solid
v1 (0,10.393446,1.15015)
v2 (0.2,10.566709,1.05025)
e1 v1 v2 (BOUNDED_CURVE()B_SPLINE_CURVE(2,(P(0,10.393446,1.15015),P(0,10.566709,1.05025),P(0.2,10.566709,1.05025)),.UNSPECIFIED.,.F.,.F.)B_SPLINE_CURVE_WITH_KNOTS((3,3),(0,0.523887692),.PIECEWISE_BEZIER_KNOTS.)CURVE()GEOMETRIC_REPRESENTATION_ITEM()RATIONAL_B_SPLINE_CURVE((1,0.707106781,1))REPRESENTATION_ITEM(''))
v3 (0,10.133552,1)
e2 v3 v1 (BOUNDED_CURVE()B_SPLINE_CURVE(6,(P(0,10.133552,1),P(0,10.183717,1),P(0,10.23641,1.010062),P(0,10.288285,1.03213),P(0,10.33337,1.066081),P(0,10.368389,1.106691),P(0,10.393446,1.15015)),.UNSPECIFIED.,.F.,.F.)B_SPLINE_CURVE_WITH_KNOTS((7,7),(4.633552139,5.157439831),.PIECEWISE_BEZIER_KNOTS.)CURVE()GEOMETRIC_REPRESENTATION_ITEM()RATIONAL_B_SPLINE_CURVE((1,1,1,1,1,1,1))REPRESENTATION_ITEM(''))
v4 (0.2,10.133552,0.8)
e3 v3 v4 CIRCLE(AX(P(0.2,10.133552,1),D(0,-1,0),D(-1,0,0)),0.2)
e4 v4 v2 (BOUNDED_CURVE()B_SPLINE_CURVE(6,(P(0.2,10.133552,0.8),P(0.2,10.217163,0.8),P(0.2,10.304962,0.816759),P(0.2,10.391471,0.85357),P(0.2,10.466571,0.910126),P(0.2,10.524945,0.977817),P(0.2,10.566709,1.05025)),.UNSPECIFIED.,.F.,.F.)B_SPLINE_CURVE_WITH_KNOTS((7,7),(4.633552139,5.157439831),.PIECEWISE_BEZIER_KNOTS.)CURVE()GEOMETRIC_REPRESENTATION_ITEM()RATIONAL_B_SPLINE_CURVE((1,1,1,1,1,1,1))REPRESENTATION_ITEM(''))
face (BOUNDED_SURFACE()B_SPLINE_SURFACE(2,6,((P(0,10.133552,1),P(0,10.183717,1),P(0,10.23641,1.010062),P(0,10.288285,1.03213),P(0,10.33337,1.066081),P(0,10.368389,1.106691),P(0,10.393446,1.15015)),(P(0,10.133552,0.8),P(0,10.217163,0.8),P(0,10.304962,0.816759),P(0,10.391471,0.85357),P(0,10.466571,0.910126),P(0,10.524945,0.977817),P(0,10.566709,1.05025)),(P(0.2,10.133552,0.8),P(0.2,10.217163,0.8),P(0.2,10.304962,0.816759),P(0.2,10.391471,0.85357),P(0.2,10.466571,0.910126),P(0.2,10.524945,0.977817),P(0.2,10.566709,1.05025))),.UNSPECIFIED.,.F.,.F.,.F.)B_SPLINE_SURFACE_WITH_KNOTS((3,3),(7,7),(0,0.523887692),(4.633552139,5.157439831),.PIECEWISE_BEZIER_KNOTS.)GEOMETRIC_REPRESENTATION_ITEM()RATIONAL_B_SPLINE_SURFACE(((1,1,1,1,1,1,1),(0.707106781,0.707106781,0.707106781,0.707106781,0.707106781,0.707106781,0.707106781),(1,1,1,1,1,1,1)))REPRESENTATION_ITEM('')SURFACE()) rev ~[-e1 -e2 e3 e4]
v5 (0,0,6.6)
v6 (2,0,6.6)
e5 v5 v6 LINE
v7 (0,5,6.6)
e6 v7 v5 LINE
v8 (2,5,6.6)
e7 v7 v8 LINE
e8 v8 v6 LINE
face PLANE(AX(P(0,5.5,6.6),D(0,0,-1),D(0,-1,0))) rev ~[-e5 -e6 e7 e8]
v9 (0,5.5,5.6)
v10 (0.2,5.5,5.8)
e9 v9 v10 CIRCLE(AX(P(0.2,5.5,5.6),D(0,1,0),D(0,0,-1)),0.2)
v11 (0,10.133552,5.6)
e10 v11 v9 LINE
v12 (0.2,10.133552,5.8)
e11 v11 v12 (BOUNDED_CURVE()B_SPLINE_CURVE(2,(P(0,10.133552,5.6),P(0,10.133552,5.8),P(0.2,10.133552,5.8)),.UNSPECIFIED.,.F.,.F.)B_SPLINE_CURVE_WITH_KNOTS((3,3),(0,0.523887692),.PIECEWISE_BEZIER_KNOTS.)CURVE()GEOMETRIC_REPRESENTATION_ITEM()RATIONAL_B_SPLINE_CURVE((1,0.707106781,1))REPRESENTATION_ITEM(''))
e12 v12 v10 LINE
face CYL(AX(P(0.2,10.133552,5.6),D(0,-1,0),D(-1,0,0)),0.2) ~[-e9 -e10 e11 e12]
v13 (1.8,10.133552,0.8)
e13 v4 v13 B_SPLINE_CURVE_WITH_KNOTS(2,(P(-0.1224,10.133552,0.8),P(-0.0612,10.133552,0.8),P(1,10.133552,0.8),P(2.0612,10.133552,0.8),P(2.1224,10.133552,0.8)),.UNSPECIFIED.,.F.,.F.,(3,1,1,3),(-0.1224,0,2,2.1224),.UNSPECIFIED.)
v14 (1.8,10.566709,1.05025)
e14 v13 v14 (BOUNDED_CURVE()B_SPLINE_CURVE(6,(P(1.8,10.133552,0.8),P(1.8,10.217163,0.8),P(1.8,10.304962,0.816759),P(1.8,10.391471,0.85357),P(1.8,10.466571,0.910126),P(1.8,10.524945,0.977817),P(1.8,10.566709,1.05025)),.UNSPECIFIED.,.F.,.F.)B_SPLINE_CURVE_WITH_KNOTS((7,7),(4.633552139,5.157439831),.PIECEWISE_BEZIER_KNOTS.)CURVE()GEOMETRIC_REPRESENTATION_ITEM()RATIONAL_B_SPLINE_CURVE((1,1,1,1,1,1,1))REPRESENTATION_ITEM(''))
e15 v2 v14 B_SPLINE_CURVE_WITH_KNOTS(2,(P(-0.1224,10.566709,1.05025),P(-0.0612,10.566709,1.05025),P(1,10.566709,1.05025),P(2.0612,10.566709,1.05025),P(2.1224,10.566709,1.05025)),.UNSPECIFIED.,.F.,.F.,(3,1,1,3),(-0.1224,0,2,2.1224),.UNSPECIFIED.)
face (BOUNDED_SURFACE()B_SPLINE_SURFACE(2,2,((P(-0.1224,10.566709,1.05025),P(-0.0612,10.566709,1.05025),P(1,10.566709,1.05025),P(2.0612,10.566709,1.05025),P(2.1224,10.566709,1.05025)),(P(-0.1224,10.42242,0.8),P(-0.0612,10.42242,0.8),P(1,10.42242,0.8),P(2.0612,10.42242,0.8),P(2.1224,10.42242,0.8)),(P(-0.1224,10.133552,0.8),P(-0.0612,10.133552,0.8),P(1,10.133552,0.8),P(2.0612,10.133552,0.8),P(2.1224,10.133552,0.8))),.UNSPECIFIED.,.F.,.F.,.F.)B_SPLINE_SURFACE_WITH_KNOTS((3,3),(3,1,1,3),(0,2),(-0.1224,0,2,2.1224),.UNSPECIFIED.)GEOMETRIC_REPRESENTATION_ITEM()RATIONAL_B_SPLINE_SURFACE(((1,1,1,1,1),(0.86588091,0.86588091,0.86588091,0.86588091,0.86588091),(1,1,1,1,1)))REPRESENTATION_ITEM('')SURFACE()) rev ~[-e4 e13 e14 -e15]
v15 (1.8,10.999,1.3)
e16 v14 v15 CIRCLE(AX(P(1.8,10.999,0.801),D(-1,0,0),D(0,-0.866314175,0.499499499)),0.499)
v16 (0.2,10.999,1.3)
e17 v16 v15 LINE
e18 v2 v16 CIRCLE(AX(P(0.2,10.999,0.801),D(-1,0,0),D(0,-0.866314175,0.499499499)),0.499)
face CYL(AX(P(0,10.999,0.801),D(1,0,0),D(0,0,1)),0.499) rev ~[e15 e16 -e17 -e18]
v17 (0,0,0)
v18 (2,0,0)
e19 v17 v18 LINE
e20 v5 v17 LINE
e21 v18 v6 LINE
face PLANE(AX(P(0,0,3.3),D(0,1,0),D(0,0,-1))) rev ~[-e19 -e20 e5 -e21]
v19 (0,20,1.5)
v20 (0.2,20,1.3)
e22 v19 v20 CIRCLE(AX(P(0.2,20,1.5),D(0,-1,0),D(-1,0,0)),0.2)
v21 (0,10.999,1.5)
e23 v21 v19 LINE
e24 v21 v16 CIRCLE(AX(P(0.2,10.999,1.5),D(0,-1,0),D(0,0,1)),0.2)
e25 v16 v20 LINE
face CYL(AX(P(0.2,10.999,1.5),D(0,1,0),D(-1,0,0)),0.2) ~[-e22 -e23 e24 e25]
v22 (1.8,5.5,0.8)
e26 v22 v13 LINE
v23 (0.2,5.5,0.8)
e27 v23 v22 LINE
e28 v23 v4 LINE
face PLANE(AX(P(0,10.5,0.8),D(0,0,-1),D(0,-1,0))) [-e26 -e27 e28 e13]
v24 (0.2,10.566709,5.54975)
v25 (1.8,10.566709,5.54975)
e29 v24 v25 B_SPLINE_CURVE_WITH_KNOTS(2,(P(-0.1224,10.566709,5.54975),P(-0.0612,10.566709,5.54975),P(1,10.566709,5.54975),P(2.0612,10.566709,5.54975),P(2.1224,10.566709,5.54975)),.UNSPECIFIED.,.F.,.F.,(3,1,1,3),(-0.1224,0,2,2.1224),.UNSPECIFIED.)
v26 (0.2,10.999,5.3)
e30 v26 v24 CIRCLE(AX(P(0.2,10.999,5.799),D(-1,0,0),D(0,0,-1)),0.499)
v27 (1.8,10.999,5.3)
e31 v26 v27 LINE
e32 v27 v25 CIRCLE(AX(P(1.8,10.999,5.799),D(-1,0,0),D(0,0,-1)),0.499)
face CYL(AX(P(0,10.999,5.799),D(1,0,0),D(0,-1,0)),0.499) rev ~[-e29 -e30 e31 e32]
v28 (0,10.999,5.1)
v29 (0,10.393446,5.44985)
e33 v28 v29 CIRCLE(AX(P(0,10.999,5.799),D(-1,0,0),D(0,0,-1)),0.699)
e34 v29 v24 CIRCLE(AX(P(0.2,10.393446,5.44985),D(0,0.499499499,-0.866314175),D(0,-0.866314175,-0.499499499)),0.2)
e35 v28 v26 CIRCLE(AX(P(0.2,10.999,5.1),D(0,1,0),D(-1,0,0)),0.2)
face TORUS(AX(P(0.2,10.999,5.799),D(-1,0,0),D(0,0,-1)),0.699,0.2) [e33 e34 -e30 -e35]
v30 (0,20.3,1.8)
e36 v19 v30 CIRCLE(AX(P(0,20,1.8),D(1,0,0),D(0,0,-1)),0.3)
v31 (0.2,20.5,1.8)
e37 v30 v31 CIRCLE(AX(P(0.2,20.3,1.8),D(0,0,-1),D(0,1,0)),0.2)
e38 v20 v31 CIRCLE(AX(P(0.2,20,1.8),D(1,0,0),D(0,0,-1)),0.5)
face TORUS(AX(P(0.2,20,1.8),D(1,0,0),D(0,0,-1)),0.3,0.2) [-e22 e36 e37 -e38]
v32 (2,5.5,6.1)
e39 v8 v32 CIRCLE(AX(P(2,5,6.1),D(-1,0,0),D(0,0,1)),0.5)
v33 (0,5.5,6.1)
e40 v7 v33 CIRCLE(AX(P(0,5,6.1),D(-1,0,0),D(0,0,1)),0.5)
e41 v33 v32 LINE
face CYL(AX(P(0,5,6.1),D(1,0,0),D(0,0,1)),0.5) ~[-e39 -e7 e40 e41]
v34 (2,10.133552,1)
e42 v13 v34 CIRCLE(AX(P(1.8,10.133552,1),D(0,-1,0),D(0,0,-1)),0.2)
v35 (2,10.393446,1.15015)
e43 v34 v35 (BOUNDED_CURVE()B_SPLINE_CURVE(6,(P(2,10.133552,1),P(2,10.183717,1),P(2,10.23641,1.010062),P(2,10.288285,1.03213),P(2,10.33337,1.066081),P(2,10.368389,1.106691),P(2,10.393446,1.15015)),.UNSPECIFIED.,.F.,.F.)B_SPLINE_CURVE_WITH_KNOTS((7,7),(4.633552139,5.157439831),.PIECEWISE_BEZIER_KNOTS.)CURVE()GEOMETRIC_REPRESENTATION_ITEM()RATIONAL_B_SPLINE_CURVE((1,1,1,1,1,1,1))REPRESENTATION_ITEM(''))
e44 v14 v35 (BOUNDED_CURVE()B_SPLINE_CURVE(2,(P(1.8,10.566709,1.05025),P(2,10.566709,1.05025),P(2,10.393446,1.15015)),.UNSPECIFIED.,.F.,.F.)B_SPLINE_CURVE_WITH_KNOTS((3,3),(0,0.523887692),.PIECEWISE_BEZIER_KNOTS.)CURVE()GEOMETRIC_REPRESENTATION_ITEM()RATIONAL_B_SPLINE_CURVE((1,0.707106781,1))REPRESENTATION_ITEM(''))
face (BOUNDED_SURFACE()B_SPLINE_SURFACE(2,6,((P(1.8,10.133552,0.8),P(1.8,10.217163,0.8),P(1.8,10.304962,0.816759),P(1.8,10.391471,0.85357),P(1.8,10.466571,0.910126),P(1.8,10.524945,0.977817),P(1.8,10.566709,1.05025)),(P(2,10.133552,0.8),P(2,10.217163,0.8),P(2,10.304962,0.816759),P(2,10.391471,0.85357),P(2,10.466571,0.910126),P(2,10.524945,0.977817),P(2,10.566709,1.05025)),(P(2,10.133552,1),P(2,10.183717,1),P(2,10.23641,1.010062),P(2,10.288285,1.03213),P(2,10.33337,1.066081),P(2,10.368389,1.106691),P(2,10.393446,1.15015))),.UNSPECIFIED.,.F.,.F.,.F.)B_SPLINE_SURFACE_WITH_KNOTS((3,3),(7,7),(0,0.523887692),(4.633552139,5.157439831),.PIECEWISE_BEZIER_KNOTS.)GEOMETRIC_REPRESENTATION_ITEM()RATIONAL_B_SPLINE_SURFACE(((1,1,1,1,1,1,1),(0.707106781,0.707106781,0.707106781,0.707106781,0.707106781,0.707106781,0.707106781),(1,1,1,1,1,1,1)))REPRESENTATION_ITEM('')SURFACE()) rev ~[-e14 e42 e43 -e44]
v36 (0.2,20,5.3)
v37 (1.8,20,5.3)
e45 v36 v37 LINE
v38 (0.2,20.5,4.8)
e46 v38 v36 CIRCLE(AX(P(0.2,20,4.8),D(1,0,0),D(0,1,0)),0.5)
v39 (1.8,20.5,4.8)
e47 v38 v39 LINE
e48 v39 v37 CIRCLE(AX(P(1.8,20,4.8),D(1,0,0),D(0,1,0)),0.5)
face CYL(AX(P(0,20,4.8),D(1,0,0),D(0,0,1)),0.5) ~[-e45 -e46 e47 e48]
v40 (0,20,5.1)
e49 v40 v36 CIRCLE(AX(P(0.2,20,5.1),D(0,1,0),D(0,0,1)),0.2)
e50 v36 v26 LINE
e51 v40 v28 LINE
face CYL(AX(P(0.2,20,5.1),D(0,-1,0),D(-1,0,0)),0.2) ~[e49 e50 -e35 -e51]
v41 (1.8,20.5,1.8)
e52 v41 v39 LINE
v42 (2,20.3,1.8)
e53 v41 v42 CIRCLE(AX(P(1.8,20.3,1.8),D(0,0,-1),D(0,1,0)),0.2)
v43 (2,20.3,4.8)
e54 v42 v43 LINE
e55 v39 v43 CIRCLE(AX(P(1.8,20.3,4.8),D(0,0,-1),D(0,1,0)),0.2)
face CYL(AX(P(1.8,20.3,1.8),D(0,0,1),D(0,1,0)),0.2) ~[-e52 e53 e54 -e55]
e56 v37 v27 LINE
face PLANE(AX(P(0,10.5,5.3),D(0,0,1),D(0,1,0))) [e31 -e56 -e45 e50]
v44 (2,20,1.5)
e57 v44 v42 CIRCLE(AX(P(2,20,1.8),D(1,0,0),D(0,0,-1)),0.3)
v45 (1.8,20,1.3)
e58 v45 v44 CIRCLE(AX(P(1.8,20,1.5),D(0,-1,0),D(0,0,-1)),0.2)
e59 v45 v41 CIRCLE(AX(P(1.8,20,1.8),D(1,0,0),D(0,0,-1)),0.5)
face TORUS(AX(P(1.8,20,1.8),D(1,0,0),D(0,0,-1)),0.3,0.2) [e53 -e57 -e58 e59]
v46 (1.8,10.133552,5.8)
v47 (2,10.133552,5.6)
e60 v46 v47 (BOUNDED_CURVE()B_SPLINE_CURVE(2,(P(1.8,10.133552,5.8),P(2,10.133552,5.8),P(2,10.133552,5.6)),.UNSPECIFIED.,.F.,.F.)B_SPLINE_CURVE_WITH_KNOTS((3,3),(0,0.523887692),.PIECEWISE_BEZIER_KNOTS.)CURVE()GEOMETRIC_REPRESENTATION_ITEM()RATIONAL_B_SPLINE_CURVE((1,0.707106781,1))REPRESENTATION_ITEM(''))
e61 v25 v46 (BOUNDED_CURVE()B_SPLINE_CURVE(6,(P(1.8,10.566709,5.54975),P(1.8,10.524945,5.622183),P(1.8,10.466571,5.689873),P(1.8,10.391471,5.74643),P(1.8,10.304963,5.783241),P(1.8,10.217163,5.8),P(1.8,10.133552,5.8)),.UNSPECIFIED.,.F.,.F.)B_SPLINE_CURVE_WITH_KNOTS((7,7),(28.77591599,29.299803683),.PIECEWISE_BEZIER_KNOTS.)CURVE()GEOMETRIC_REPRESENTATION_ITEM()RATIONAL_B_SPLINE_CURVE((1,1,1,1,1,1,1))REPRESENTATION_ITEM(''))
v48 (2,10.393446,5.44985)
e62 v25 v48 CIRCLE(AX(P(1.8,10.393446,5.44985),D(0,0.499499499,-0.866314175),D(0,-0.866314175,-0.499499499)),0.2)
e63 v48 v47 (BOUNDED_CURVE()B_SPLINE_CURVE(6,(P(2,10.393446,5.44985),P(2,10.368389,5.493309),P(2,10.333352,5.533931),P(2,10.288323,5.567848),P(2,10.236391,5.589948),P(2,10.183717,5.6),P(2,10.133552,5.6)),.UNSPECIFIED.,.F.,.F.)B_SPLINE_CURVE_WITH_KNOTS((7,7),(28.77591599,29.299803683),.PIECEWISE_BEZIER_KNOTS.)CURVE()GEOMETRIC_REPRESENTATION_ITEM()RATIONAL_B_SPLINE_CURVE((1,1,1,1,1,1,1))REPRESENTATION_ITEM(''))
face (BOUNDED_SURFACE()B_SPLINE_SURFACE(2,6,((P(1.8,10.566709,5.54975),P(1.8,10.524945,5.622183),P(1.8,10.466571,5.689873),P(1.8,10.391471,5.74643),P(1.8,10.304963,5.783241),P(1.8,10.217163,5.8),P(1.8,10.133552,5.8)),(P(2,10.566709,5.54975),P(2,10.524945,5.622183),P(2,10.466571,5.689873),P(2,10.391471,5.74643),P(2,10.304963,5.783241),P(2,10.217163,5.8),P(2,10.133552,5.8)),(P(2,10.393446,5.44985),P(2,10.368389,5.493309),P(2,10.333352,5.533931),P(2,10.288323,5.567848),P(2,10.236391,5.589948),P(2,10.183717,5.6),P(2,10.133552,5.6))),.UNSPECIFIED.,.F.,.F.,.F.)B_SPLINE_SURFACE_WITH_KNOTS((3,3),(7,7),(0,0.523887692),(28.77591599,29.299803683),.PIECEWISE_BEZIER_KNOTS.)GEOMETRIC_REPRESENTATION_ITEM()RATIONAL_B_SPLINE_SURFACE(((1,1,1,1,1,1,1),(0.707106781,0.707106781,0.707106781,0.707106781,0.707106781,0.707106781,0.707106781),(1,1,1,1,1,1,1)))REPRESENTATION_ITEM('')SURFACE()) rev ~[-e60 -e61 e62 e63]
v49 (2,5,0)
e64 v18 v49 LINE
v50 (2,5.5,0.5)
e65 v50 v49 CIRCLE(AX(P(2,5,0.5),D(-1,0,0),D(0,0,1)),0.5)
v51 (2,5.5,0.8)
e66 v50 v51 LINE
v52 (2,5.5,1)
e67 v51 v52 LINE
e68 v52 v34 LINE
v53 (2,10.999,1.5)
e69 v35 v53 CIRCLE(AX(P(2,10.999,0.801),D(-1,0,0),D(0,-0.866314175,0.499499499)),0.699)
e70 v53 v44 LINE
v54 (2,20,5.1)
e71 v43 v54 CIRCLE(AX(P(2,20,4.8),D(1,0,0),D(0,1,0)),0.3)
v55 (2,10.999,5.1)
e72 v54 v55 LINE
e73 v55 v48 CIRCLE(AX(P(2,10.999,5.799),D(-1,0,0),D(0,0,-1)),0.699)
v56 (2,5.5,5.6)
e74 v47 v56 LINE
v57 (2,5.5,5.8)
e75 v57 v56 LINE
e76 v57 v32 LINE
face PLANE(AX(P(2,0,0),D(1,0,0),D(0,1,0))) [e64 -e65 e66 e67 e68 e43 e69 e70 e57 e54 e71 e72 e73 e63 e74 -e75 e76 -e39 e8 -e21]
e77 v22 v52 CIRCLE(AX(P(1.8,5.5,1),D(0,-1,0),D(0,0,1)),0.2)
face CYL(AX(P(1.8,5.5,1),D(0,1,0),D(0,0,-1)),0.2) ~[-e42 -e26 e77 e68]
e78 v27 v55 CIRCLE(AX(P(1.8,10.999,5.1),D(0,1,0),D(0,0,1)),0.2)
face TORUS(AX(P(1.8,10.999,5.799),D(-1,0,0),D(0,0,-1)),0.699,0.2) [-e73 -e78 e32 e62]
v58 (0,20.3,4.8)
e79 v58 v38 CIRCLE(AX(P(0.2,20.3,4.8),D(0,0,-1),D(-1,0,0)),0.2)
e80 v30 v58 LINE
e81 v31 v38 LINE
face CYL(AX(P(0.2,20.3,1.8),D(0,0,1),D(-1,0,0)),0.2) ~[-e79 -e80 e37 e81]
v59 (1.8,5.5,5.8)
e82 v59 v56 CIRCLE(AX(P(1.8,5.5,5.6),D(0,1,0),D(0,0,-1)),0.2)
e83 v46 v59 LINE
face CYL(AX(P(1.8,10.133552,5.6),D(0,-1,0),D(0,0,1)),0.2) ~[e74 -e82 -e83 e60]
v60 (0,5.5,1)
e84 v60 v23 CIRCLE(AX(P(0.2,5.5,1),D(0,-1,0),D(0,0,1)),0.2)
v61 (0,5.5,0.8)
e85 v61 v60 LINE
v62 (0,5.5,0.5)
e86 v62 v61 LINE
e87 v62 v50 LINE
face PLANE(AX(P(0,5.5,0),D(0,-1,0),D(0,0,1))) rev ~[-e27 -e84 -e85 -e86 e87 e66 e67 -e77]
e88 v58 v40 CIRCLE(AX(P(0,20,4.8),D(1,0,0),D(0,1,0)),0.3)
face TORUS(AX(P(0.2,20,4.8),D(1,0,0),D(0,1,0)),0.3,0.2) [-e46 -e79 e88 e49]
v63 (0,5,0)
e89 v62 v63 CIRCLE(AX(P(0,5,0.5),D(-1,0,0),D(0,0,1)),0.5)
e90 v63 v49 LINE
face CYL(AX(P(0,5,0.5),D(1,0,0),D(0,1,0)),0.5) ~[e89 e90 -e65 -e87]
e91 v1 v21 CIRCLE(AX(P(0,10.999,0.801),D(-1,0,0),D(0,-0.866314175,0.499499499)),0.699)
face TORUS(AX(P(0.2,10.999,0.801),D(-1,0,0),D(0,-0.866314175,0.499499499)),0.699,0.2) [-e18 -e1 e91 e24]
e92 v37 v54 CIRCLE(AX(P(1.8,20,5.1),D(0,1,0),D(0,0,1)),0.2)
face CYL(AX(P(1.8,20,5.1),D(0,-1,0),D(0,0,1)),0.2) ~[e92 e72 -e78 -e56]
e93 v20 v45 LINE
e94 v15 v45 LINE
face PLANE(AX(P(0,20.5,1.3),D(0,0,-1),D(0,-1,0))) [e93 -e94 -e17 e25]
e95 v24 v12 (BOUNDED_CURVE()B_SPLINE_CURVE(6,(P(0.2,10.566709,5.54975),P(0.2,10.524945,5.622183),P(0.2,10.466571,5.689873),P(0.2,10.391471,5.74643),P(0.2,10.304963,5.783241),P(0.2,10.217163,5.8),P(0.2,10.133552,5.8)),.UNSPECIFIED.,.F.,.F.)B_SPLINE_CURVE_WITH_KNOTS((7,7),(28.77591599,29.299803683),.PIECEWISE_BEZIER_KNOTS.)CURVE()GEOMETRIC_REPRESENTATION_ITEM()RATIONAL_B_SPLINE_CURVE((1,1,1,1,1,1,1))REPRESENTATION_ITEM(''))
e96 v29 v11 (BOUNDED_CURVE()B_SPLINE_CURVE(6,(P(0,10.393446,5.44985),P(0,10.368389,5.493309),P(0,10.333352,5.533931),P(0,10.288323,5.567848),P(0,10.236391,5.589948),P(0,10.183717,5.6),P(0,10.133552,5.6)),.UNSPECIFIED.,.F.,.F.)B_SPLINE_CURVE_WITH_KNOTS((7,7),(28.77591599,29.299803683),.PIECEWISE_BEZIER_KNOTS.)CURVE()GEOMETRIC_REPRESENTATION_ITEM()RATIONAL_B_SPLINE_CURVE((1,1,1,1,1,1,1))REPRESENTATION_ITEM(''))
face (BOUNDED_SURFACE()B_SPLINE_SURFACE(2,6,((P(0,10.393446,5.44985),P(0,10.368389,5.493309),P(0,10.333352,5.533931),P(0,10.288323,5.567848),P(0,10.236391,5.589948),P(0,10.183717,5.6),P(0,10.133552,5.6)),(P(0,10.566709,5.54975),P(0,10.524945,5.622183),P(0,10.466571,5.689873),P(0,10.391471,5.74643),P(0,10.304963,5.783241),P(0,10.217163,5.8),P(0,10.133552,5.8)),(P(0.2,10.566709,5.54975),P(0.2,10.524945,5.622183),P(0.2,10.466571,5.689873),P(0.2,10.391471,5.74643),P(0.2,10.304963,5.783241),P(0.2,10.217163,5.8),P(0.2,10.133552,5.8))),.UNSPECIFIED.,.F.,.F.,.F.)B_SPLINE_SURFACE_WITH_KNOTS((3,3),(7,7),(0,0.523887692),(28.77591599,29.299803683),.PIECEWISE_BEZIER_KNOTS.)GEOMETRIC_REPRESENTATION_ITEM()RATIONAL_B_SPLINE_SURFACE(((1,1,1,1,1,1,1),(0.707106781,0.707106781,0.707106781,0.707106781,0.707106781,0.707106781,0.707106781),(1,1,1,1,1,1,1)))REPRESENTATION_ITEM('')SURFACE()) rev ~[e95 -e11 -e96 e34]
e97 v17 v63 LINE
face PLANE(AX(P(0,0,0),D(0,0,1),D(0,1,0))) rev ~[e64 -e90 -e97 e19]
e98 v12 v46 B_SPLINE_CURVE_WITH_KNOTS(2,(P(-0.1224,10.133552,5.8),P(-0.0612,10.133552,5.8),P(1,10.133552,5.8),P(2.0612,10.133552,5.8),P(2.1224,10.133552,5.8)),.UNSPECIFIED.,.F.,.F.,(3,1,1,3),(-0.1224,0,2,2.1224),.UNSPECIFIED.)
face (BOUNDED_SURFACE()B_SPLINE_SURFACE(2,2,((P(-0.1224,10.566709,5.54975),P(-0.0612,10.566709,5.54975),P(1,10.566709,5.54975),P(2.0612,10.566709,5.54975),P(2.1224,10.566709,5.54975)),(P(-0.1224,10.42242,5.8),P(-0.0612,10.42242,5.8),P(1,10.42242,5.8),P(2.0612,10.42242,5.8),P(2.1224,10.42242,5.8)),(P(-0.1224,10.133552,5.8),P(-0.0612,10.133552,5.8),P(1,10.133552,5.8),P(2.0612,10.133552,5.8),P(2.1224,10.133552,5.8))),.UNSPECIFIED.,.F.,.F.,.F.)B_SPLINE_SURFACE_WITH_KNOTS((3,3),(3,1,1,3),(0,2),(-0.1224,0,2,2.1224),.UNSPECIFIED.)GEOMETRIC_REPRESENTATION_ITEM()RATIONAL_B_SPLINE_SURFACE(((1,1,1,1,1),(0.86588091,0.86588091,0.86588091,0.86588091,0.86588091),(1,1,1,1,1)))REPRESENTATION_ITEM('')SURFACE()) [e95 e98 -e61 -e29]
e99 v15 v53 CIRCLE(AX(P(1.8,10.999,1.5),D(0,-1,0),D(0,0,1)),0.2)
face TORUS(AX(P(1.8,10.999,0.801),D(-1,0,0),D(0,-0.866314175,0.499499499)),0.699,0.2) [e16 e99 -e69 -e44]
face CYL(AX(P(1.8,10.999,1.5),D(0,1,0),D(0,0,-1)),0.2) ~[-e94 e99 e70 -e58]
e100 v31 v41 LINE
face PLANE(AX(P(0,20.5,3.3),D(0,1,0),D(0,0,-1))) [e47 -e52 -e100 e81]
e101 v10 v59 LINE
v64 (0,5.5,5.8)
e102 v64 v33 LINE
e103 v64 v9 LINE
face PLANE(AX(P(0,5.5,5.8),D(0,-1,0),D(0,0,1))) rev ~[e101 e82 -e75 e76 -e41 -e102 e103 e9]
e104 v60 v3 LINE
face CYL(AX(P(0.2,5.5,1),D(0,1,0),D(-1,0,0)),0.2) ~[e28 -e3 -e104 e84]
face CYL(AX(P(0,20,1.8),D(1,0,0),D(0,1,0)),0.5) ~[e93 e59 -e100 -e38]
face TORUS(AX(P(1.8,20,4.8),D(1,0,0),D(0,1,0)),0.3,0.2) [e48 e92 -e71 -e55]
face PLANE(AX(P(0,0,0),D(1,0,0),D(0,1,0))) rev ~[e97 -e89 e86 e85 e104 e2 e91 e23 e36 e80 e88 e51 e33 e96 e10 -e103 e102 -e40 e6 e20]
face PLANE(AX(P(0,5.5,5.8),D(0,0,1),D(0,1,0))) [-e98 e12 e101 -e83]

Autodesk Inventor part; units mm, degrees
ref_plane "YZ Plane" through (0, 0, 0) normal (1, 0, 0) x (0, 1, 0)
ref_plane "XZ Plane" through (0, 0, 0) normal (0, 1, 0) x (-1, 0, 0)
ref_plane "XY Plane" through (0, 0, 0) normal (0, 0, 1) x (1, 0, 0)
sketch "Sketch4" plane through (0, 0, 0) normal (1, 0, 0) x (0, 1, 0)
  line L0 (0, 0) -> (5.5, 0)
  line L1 (5.5, 0) -> (5.5, 6.6)
  line L2 (5.5, 6.6) -> (0, 6.6)
  line L3 (0, 6.6) -> (0, 0)
  line L4 (5.5, 5.8) -> (10.5, 5.8)
  line L5 (10.5, 5.8) -> (10.5, 0.8)
  line L6 (10.5, 0.8) -> (5.5, 0.8)
  line L7 (5.5, 0.8) -> (5.5, 5.8)
  line L8 (0, 3.3) -> (20.5, 3.3)
  line L9 (10.5, 5.3) -> (20.5, 5.3)
  line L10 (20.5, 5.3) -> (20.5, 1.3)
  line L11 (20.5, 1.3) -> (10.5, 1.3)
  line L12 (10.5, 1.3) -> (10.5, 5.3)
  dimension "d0" = 6.6
  dimension "d1" = 5.5
  dimension "d2" = 5
  dimension "d3" = 4
  dimension "d4" = 15
  dimension "d5" = 10
extrude "Extrusion1" add sketch "Sketch4" along normal blind 2
fillet "Fillet1" radius 0.5 8 edges at (1, 10.5, 5.3) (1, 20.5, 5.3) (1, 10.5, 5.8) (1, 20.5, 1.3) (1, 10.5, 1.3) (1, 10.5, 0.8) (1, 5.5, 0) (1, 5.5, 6.6)
fillet "Fillet2" radius 0.2 18 edges at (2, 10.3837, 5.7329) (2, 15.4995, 5.3) (2, 20.3536, 5.1536) (2, 20.5, 3.3) (2, 20.3536, 1.4464) (2, 15.4995, 1.3) (2, 10.3837, 0.8671) (2, 7.8168, 0.8) (2, 7.8168, 5.8) (0, 10.3837, 5.7329) (0, 15.4995, 5.3) (0, 20.3536, 5.1536) (0, 20.5, 3.3) (0, 20.3536, 1.4464) (0, 15.4995, 1.3) (0, 10.3837, 0.8671) (0, 7.8168, 0.8) (0, 7.8168, 5.8)
properties part number "Slider"
